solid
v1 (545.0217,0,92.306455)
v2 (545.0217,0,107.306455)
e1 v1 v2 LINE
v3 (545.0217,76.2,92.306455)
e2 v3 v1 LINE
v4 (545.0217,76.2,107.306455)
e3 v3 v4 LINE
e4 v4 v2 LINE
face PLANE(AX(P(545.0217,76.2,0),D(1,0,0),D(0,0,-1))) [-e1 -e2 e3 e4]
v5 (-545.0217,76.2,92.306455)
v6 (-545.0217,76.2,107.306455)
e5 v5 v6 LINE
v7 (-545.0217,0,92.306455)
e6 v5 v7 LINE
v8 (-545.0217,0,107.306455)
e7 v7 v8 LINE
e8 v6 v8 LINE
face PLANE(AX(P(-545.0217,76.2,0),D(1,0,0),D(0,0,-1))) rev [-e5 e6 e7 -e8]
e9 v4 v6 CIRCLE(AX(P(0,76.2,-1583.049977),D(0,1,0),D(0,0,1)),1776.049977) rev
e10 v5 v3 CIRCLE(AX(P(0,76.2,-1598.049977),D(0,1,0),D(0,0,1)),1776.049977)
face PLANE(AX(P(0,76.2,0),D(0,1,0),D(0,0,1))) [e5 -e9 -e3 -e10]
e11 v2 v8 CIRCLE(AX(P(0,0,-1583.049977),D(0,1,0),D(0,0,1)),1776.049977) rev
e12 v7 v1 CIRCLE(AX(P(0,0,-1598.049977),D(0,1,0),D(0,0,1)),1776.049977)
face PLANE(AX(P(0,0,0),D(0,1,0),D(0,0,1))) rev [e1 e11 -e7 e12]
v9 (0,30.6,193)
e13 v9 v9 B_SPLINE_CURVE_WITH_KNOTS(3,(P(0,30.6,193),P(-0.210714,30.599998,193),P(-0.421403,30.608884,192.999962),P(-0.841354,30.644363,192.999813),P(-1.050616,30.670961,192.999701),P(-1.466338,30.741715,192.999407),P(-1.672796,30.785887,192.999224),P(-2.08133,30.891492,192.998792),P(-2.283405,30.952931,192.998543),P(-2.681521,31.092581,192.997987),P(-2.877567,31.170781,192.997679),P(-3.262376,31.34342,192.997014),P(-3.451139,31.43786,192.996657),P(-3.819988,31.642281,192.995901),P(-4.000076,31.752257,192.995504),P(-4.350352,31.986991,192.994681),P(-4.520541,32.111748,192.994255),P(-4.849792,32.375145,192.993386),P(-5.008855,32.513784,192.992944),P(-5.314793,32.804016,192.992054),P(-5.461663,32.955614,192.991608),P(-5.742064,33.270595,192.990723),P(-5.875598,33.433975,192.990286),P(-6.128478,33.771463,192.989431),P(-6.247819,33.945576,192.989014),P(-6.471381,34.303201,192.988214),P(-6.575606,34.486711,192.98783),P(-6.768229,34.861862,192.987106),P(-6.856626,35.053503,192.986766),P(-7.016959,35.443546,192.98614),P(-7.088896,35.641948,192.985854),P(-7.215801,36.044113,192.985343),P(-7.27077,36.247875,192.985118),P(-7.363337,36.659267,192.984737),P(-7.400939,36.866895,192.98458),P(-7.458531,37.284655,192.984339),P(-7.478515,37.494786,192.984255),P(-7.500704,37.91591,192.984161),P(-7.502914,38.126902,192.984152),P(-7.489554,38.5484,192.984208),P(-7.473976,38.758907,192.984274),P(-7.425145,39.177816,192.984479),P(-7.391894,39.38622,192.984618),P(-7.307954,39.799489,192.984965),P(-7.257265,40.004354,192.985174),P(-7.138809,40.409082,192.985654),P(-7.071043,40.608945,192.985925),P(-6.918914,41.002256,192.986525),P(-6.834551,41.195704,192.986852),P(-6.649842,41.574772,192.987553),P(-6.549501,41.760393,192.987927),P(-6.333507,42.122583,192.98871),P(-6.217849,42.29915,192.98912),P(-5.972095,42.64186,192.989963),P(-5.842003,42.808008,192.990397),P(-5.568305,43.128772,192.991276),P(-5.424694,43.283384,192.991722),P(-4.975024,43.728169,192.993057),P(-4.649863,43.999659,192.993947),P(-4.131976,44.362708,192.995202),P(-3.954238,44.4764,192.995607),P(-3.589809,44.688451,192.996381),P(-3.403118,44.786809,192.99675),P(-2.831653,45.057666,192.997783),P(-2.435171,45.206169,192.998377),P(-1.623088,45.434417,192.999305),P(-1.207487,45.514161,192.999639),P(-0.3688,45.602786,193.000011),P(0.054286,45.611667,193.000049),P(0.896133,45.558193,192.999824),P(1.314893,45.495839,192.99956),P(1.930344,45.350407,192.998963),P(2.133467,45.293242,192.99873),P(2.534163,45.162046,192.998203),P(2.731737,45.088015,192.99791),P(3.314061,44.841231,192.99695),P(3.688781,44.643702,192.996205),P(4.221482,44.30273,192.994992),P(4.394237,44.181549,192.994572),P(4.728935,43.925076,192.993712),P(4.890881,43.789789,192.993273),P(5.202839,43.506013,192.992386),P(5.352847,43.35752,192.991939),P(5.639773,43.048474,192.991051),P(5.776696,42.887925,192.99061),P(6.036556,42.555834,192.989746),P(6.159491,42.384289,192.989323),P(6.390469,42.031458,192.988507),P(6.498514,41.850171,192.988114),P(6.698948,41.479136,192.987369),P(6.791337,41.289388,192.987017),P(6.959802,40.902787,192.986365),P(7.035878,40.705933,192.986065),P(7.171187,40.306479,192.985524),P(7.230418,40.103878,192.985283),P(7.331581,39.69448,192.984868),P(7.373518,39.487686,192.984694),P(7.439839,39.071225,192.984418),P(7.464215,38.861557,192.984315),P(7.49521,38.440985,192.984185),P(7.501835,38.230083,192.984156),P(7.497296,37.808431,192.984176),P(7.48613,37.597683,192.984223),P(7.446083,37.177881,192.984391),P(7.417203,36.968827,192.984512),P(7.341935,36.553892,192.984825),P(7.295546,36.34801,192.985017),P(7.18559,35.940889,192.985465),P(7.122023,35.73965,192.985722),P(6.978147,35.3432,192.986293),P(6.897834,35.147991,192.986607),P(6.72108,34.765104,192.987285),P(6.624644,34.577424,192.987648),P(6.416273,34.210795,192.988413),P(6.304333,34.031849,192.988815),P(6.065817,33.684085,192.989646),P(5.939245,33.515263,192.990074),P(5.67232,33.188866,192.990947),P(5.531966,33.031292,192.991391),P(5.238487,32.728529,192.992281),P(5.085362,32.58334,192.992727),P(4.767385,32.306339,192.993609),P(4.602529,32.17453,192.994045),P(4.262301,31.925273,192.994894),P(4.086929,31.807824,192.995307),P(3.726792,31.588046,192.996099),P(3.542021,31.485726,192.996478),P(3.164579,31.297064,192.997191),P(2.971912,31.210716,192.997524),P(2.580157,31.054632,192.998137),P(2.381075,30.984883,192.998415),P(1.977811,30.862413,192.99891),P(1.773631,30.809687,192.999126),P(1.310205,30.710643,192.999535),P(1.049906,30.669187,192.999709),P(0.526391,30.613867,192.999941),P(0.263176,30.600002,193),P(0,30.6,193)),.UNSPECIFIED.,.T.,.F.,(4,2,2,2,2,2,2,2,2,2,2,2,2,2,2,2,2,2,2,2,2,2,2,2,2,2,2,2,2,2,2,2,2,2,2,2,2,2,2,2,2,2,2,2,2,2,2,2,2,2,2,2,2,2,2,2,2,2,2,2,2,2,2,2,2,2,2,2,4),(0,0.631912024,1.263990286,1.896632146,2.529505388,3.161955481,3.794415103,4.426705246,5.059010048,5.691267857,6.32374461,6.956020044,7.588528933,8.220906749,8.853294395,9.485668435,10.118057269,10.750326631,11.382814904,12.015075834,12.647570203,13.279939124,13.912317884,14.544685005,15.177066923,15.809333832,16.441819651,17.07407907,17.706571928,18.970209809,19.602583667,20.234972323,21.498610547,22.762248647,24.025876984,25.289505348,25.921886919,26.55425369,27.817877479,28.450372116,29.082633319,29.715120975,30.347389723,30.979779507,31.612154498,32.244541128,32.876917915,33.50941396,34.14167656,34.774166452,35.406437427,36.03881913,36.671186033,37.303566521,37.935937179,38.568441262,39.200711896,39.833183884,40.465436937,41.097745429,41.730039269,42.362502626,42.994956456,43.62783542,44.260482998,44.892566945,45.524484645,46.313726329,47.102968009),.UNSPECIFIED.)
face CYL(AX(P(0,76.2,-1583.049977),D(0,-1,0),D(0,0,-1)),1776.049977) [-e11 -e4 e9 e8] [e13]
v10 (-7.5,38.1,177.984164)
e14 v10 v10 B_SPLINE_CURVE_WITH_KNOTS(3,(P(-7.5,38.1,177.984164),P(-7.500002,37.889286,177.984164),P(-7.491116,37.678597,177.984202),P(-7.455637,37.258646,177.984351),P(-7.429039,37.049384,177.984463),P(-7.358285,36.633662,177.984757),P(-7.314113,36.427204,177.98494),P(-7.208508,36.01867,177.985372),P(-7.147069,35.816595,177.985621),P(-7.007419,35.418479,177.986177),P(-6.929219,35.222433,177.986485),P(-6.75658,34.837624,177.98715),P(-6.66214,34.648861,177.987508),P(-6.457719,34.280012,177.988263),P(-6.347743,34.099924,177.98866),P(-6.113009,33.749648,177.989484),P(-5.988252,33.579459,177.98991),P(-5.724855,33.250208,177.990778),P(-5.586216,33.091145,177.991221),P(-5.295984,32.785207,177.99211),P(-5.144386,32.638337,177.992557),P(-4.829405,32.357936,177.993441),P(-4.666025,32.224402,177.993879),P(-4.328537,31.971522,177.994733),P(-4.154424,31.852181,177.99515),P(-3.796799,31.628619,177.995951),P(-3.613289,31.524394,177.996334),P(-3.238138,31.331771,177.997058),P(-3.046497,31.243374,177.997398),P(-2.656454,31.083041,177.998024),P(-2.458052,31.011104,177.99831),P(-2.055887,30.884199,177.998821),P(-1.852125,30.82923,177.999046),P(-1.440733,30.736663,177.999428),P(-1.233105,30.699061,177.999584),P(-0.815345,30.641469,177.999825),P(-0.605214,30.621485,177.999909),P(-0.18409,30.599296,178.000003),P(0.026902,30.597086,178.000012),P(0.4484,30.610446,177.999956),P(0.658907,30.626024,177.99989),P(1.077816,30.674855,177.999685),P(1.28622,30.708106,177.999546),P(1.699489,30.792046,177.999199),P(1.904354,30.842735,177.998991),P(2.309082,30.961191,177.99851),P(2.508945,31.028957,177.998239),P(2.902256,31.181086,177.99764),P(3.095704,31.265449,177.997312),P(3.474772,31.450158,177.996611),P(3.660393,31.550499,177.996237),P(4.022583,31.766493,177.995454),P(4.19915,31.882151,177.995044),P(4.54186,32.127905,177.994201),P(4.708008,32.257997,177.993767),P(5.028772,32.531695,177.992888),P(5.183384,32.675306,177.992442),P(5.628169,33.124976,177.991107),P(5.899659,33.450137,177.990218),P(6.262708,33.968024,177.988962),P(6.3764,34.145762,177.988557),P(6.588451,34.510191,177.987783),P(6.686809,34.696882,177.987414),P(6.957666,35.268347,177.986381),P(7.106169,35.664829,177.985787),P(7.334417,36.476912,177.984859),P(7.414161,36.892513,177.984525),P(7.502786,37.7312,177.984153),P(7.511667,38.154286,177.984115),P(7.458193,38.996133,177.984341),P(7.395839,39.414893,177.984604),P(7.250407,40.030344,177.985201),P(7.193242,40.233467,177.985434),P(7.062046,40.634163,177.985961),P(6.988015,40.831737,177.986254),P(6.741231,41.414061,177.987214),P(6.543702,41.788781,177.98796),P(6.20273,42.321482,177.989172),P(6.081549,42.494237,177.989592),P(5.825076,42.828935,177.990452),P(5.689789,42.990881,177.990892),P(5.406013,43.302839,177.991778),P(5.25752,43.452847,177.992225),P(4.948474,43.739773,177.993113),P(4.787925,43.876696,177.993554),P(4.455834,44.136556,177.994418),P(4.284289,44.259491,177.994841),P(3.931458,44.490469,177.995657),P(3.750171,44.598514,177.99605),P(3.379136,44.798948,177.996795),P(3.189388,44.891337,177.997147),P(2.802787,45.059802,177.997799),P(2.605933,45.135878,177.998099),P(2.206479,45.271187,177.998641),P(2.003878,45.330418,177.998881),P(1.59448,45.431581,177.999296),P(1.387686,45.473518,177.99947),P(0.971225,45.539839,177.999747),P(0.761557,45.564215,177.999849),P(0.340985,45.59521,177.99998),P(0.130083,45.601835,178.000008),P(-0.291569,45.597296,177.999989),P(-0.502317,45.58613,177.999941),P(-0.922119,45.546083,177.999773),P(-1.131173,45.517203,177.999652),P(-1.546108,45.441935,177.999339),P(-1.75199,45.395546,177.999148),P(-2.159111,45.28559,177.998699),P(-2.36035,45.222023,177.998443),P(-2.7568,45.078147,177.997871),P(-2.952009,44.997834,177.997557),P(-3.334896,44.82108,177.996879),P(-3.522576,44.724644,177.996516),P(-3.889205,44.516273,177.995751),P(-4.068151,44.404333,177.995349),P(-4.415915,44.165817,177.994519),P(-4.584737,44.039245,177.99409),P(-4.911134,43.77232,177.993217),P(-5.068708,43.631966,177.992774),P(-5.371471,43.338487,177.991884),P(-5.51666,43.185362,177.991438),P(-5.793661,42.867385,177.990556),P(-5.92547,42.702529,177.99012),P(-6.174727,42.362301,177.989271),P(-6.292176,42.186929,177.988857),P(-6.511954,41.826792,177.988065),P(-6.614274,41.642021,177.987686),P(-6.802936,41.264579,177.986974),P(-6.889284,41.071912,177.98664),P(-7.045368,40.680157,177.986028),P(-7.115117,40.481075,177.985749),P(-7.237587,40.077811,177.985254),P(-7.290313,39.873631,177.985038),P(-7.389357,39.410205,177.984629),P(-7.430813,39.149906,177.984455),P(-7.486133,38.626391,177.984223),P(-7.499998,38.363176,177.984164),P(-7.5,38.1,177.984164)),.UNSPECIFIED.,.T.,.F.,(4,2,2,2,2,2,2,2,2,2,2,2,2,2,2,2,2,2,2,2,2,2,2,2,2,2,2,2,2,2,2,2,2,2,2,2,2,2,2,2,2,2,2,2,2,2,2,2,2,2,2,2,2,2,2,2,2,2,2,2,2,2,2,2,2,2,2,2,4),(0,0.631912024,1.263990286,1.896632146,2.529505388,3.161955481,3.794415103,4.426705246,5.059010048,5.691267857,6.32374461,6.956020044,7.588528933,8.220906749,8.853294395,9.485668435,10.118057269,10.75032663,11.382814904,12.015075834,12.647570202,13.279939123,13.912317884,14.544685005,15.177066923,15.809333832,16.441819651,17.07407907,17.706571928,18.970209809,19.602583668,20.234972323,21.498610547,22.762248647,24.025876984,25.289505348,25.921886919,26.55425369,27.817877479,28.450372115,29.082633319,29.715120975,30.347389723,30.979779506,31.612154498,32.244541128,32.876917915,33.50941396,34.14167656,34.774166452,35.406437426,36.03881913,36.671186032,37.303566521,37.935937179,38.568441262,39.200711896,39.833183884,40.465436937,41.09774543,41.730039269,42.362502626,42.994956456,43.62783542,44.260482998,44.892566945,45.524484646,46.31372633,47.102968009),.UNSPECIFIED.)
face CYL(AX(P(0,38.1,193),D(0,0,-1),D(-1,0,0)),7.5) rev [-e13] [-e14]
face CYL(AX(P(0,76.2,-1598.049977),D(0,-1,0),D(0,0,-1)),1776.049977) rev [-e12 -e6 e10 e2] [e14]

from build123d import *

# Parameters (mm, degrees)
BOSS_EXTRUDE1_DEPTH = 76.2
SKETCH8_R           = 7.5
CUT_EXTRUDE1_DEPTH  = 194


with BuildPart() as part:
    # Sketch1 → Boss-Extrude1 (new body)
    with BuildSketch(Plane(origin=(0, 0, 0), x_dir=(1, 0, 0), z_dir=(0, 1, 0))):
        with BuildLine():
            ThreePointArc((545.021699517, -92.306455218), (0, -178), (-545.021699517, -92.306455218))
            Line((-545.021699517, -92.306455218), (-545.021699517, -107.306455218))
            ThreePointArc((-545.021699517, -107.306455218), (0, -193), (545.021699517, -107.306455218))
            Line((545.021699517, -107.306455218), (545.021699517, -92.306455218))
        make_face()
    extrude(amount=BOSS_EXTRUDE1_DEPTH)

    # Sketch8 → Cut-Extrude1 (cut, through all)
    with BuildSketch(Plane.XY):
        with Locations((0, 38.1)):
            Circle(SKETCH8_R)
    extrude(amount=CUT_EXTRUDE1_DEPTH, mode=Mode.SUBTRACT)


solid = part.part
